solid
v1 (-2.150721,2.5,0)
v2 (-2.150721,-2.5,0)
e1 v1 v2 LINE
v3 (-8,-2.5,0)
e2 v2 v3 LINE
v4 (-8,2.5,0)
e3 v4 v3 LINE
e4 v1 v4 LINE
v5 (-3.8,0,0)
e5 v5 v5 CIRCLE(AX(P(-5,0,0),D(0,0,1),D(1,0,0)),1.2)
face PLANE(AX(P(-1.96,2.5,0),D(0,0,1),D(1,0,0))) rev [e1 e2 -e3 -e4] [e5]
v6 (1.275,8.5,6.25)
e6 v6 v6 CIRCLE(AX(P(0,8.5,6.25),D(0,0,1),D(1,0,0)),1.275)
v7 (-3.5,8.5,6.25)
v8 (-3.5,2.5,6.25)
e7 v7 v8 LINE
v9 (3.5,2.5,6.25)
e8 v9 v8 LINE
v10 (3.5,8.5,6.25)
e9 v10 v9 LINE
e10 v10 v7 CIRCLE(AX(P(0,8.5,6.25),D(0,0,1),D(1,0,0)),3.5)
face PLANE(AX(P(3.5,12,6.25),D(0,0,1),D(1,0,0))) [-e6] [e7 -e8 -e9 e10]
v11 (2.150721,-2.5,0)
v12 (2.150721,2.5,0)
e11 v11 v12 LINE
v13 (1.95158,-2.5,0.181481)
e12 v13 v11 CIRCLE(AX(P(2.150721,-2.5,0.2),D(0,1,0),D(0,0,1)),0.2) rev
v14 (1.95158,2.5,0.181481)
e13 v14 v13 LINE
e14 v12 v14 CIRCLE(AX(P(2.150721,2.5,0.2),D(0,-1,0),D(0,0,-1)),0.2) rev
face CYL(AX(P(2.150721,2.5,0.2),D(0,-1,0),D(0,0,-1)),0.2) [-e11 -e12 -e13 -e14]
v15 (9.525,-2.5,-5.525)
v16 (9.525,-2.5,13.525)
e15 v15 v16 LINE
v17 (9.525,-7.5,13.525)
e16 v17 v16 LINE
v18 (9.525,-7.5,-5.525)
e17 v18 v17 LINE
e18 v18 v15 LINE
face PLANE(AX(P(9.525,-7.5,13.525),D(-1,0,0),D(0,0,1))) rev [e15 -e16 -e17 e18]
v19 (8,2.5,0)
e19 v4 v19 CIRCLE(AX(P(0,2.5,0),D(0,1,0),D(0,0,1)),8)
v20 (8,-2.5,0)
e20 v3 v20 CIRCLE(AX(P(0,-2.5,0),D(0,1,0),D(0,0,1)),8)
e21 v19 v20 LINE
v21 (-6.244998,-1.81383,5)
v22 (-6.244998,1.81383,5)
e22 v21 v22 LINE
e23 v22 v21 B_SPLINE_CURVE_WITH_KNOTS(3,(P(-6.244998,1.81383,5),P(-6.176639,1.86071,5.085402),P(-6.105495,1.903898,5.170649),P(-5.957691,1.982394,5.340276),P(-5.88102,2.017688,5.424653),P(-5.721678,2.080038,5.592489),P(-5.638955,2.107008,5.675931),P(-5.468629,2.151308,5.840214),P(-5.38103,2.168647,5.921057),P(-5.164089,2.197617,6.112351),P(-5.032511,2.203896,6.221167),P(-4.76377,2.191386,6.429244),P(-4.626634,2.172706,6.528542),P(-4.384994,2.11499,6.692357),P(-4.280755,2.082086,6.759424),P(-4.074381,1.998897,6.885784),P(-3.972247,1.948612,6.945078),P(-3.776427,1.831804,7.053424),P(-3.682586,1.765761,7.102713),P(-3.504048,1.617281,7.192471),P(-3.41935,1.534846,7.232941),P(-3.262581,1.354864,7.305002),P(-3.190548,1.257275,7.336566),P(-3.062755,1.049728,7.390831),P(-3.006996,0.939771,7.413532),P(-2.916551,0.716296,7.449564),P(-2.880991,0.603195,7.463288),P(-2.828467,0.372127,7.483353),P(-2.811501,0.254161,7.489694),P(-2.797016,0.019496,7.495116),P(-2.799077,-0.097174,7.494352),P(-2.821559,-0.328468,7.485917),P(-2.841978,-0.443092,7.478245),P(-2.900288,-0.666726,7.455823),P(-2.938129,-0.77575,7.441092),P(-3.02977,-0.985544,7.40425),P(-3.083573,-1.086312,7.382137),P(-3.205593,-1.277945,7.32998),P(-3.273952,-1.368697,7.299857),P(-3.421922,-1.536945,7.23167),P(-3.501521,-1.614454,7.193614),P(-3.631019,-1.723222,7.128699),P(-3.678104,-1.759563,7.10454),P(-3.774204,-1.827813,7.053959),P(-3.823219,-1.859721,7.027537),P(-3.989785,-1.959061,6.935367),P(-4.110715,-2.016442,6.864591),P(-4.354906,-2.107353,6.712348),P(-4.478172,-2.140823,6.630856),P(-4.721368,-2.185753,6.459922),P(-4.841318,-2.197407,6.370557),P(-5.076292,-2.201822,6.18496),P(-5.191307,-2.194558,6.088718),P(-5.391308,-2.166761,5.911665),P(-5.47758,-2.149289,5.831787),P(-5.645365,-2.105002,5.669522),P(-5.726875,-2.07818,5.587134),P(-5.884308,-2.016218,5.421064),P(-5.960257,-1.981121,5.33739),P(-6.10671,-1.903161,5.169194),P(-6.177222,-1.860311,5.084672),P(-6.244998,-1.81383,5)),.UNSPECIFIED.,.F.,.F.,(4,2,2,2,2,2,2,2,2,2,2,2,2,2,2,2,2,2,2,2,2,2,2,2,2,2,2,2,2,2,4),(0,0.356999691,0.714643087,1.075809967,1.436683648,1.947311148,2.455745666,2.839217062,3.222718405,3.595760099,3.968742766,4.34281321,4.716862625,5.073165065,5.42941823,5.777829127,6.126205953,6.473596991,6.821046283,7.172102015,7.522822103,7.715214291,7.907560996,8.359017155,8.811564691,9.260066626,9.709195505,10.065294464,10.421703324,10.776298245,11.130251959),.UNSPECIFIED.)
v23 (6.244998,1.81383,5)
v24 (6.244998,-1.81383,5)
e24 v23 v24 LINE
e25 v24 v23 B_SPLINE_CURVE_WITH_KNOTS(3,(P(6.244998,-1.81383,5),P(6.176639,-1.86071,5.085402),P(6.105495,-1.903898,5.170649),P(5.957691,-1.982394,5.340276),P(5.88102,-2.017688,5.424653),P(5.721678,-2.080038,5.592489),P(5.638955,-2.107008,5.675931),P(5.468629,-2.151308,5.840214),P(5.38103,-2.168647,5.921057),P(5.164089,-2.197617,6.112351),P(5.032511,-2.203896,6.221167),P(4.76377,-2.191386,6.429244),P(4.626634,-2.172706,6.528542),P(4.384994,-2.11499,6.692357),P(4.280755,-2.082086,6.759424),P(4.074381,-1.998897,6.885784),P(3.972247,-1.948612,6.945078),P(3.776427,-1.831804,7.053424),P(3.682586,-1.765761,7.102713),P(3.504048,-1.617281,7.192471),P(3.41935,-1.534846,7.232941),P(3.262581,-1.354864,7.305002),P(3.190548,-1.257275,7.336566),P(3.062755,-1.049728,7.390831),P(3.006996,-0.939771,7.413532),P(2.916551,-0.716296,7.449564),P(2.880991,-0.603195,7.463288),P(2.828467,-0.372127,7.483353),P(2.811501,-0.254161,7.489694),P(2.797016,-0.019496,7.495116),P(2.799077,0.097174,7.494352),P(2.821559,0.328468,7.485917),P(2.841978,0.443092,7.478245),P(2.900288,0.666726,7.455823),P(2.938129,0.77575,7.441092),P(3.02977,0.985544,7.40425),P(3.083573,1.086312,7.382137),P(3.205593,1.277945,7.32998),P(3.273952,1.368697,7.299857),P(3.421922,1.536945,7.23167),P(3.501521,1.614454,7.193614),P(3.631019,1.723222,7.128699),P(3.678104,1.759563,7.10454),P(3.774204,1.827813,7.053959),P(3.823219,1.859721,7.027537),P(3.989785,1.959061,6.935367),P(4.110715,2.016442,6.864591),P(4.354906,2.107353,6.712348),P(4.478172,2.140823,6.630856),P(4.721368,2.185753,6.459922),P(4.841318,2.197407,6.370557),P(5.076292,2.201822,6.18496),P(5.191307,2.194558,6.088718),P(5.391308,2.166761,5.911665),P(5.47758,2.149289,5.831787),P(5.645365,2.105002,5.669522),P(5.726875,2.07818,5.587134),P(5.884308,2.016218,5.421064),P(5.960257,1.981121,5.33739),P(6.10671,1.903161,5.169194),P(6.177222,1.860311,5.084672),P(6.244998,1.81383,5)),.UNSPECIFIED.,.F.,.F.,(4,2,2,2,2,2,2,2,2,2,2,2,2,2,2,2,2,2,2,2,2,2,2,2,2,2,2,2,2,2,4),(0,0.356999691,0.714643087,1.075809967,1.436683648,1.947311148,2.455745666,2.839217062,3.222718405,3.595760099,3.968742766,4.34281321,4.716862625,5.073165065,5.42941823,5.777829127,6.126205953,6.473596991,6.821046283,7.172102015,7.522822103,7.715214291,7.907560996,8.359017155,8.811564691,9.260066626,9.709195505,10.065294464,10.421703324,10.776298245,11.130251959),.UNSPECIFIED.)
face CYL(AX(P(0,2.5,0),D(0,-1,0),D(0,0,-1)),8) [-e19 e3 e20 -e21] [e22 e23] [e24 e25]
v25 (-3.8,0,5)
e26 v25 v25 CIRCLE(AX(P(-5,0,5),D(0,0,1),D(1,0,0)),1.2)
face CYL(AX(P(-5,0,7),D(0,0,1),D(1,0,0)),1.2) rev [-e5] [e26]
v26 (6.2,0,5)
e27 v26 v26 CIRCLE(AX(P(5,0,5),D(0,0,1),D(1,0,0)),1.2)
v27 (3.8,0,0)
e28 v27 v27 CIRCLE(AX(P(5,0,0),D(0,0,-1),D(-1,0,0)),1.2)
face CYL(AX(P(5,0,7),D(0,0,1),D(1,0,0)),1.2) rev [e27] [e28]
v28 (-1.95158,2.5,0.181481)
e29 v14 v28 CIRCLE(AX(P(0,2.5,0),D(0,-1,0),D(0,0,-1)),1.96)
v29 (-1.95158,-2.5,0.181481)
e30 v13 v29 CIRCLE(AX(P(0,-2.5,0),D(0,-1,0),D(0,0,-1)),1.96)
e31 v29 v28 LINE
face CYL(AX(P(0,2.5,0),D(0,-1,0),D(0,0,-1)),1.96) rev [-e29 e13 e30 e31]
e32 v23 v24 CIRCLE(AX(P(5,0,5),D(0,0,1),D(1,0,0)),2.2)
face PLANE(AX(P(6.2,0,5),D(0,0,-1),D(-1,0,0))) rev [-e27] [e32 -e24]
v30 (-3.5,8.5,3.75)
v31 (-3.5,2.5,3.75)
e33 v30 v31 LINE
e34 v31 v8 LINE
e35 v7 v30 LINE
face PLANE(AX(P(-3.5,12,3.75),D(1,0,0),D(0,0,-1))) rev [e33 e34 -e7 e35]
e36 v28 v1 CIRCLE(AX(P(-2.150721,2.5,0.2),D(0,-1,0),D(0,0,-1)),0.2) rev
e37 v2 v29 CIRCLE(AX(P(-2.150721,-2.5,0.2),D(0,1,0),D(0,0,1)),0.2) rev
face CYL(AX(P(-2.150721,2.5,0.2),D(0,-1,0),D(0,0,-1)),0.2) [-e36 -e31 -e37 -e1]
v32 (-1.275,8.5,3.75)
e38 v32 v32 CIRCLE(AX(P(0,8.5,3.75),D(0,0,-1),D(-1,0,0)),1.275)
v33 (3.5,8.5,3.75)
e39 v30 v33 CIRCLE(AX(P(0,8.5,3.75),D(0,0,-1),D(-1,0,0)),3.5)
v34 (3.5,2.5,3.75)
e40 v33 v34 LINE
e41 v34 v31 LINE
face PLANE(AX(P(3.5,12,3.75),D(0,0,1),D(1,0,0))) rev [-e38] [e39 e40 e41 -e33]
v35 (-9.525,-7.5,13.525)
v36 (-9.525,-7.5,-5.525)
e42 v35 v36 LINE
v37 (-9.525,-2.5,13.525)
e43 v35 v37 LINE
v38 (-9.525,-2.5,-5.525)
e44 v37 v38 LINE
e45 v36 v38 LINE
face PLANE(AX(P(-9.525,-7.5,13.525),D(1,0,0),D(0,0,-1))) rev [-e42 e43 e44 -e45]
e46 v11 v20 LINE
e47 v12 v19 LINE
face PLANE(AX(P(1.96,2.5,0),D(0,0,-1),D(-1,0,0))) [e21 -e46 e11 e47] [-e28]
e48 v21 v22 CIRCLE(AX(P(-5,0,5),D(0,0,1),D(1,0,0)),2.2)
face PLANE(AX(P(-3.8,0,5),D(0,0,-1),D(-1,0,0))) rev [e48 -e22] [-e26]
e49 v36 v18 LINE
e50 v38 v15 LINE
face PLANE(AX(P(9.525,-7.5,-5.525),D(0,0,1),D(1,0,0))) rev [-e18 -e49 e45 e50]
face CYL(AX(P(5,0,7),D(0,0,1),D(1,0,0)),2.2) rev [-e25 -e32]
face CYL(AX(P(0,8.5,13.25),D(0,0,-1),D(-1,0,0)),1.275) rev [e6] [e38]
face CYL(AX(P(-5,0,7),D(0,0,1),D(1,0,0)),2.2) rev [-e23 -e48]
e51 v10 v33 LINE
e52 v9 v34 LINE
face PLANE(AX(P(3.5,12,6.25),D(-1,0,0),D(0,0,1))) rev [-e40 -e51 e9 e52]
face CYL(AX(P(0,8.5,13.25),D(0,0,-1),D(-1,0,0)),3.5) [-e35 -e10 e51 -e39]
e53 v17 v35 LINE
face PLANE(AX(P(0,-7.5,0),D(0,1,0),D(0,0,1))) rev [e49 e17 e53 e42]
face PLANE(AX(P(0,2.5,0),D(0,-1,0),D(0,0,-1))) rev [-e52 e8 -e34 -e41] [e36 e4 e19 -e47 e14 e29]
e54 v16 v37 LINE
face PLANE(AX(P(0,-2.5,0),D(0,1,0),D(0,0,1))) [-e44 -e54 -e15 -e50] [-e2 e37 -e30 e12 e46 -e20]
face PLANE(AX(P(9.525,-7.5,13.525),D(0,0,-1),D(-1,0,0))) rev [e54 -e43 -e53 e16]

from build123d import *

# Parameters (mm, degrees)
BOSS_EXTRUDE1_DEPTH           = 2.5
SKETCH2_W                     = 7
SKETCH2_H                     = 2.5
BOSS_EXTRUDE2_DEPTH           = 9.5
CUT_EXTRUDE1_DEPTH            = 9.5
SKETCH4_R                     = 1.275
CUT_EXTRUDE2_DEPTH            = 9.5
CBORE_FOR_M2_SHCS1_AT_2_COUNT = 2
CBORE_FOR_M2_SHCS1_AT_2_PITCH = 10
SKETCH8_R                     = 2.2
CUT_EXTRUDE3_DEPTH            = 9.5
SKETCH11_W                    = 19.05
SKETCH11_H                    = 19.05
BOSS_EXTRUDE3_DEPTH           = 5
FILLET1_R                     = 0.2


with BuildPart() as part:
    # Sketch1 → Boss-Extrude1 (new body, symmetric)
    with BuildSketch(Plane(origin=(0, 0, 0), x_dir=(1, 0, 0), z_dir=(0, 1, 0))):
        with BuildLine():
            Line((1.96, 0), (8, 0))
            ThreePointArc((8, 0), (0, -8), (-8, 0))
            Line((-8, 0), (-1.96, 0))
            ThreePointArc((-1.96, 0), (0, -1.96), (1.96, 0))
        make_face()
    extrude(amount=BOSS_EXTRUDE1_DEPTH, both=True)

    # Sketch2 → Boss-Extrude2 (add)
    with BuildSketch(Plane(origin=(0, 2.5, 0), x_dir=(1, 0, 0), z_dir=(0, 1, 0))):
        with Locations((0, -5)):
            Rectangle(SKETCH2_W, SKETCH2_H)
    extrude(amount=BOSS_EXTRUDE2_DEPTH)

    # Sketch3 → Cut-Extrude1 (cut)
    with BuildSketch(Plane(origin=(0, 0, 3.75), x_dir=(-1, 0, 0), z_dir=(0, 0, -1))):
        with BuildLine():
            Line((-3.5, 8.5), (-3.5, 14.886359519))
            Line((-3.5, 14.886359519), (0, 16.809201746))
            Line((0, 16.809201746), (3.5, 14.5))
            Line((3.5, 14.5), (3.5, 8.5))
            ThreePointArc((3.5, 8.5), (0, 12), (-3.5, 8.5))
        make_face()
    extrude(amount=-CUT_EXTRUDE1_DEPTH, mode=Mode.SUBTRACT)

    # Sketch4 → Cut-Extrude2 (cut)
    with BuildSketch(Plane(origin=(0, 0, 3.75), x_dir=(-1, 0, 0), z_dir=(0, 0, -1))):
        with Locations((0, 8.5)):
            Circle(SKETCH4_R)
    extrude(amount=-CUT_EXTRUDE2_DEPTH, mode=Mode.SUBTRACT)

    # Sketch7 → CBORE for M2 SHCS1 (revolve, cut)
    with BuildSketch(Plane(origin=(5, 0, 7), x_dir=(0, -1, 0), z_dir=(1, 0, 0))):
        Polygon((0, 0), (0, 7), (1.2, 7), (1.2, 2), (2.2, 2), (2.2, 0), align=None)
    cbore_for_m2_shcs1 = revolve(axis=Axis((5, 0, 13.35), (0, 0, -1)), mode=Mode.SUBTRACT)

    # CBORE for M2 SHCS1 at 2: CBORE for M2 SHCS1 ×2
    with Locations(*[(-i * CBORE_FOR_M2_SHCS1_AT_2_PITCH, 0, 0) for i in range(1, CBORE_FOR_M2_SHCS1_AT_2_COUNT)]):
        add(cbore_for_m2_shcs1, mode=Mode.SUBTRACT)

    # Sketch8 → Cut-Extrude3 (cut)
    with BuildSketch(Plane(origin=(0, 0, 7), x_dir=(-1, 0, 0), z_dir=(0, 0, -1))):
        with Locations((-5, 0)):
            Circle(SKETCH8_R)
        with Locations((5, 0)):
            Circle(SKETCH8_R)
    extrude(amount=-CUT_EXTRUDE3_DEPTH, mode=Mode.SUBTRACT)

    # Sketch11 → Boss-Extrude3 (add)
    with BuildSketch(Plane.XZ.offset(2.5)):
        with Locations((0, 4)):
            Rectangle(SKETCH11_W, SKETCH11_H)
    extrude(amount=BOSS_EXTRUDE3_DEPTH)

    # Fillet1
    fillet1_edges = [part.edges().sort_by_distance(p)[0] for p in [
        (1.96, 0, 0),
        (-1.96, 0, 0),
    ]]
    fillet(fillet1_edges, radius=FILLET1_R)


solid = part.part
